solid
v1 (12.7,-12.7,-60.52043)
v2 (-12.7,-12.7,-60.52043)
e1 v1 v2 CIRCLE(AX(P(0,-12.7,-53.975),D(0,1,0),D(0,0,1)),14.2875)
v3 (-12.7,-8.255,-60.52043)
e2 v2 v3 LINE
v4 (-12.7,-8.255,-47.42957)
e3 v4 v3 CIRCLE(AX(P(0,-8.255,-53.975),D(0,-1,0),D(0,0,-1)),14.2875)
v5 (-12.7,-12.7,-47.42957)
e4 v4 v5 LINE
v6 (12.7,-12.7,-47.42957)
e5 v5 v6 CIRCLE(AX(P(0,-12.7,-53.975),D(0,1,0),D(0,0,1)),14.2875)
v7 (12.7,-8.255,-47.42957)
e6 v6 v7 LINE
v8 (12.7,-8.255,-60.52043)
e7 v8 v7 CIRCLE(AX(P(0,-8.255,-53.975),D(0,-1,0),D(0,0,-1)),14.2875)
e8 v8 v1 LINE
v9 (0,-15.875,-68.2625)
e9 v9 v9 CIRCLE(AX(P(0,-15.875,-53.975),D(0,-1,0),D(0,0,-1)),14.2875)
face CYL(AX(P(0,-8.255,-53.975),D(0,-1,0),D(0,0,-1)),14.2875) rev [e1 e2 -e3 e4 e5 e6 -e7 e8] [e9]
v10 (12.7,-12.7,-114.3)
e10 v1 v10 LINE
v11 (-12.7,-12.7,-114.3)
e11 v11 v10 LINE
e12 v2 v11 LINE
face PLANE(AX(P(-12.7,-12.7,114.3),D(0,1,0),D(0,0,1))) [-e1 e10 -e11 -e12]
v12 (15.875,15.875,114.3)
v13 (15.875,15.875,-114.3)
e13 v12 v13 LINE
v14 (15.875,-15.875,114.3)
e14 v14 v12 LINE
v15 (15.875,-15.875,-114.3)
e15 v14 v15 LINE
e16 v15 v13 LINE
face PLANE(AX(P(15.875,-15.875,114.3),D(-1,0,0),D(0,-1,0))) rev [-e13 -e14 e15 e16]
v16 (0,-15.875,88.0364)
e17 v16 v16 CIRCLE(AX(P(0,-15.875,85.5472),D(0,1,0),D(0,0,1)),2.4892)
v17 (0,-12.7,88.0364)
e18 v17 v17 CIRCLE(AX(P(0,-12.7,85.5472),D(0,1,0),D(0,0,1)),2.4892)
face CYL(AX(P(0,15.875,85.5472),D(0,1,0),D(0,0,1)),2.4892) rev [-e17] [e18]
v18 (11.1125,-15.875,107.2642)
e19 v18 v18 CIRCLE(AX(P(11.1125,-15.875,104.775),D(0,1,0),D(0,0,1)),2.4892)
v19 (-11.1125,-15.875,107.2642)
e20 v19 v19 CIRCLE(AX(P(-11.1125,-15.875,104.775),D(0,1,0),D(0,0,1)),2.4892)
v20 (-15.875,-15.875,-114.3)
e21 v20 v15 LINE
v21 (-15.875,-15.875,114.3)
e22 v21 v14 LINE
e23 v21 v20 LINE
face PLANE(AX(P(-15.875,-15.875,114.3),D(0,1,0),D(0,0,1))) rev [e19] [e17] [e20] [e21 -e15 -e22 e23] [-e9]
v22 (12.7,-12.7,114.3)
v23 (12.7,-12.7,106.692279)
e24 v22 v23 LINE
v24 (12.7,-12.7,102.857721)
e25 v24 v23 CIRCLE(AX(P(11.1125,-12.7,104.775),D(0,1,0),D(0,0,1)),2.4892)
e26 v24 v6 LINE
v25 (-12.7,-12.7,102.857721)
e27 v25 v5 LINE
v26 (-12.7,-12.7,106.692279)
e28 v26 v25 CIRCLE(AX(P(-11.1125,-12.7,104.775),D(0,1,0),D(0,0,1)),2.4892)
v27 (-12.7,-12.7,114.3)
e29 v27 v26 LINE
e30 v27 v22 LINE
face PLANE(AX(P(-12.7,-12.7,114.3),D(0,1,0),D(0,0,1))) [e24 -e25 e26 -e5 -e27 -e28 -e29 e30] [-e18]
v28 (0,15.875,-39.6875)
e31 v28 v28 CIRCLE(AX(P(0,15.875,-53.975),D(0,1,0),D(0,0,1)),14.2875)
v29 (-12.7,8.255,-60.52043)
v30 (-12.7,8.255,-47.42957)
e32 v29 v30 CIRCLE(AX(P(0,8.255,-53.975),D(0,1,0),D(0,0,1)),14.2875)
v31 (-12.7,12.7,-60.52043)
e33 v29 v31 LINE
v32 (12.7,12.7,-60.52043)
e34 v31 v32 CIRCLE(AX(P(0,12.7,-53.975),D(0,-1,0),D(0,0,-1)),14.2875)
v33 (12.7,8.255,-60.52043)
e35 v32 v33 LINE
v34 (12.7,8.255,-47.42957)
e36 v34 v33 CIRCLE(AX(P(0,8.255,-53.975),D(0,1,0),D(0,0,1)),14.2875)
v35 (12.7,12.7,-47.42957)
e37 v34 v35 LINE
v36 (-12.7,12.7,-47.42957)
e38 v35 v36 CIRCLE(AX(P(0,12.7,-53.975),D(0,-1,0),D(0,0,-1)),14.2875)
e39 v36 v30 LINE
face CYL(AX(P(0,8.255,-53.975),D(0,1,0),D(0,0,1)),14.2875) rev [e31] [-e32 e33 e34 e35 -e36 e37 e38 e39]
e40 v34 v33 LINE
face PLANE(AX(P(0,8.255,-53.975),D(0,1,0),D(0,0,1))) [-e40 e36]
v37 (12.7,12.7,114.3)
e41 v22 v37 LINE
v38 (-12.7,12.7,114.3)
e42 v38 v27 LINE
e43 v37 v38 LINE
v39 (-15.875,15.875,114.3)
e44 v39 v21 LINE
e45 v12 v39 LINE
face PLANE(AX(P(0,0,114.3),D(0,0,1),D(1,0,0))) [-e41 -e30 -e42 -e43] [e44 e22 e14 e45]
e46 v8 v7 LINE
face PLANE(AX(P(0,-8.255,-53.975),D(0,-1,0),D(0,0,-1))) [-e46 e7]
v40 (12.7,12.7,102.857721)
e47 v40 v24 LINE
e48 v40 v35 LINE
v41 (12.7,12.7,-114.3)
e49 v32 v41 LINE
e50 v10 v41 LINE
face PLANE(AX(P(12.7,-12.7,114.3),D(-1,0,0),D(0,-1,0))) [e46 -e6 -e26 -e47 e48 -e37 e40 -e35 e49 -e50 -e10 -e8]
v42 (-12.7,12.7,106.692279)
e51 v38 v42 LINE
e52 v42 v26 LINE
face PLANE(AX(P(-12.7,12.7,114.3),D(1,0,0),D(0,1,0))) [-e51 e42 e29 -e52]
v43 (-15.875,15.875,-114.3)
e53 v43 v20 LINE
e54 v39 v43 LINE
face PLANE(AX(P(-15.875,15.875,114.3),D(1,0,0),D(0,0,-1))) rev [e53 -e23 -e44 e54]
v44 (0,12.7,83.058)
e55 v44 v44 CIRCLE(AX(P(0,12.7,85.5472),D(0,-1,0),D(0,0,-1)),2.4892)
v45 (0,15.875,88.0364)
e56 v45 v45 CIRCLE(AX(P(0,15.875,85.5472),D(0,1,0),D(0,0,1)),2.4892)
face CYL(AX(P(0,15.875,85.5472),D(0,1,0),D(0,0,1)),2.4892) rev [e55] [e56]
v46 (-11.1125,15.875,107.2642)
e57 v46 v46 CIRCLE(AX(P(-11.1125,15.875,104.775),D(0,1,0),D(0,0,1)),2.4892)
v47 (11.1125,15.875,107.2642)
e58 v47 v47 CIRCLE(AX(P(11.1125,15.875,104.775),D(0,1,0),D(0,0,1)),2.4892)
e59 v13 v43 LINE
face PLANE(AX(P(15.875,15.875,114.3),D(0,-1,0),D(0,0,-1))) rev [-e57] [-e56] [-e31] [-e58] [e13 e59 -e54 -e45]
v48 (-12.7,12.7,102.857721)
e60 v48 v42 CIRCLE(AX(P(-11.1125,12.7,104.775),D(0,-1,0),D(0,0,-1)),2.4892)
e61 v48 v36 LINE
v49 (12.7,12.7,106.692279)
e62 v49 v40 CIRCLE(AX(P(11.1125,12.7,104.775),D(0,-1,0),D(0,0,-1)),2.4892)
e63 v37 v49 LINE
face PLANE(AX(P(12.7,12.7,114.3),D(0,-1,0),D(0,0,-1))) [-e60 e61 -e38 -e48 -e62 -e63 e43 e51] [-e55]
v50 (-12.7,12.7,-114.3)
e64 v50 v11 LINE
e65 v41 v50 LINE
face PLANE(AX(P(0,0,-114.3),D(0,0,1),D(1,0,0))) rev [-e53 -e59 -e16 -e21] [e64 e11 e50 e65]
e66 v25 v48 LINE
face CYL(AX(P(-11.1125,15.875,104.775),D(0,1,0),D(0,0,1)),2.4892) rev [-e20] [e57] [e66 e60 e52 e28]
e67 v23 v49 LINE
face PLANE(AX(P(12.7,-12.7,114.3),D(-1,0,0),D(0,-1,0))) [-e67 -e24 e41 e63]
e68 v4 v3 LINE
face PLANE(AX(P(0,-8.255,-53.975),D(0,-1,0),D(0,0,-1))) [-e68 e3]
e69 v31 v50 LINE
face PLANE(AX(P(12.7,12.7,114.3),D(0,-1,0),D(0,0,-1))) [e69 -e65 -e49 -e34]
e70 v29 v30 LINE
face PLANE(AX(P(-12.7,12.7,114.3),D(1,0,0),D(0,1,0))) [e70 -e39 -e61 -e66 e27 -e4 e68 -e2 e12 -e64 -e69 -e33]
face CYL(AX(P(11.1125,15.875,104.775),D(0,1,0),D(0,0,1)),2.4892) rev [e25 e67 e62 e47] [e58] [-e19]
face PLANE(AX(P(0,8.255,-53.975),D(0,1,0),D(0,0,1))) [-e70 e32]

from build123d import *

# Parameters (mm, degrees)
BOSS_EXTRUDE1_DEPTH      = 114.3
BOSS_EXTRUDE1_DEPTH_BACK = 114.3
SKETCH3_W                = 31.75
SKETCH3_H                = 31.75
SKETCH3_W_2              = 25.4
SKETCH3_H_2              = 25.4
F_10_CLEARANCE_HOLE1_D   = 4.9784
SKETCH7_R                = 14.2875
CUT_EXTRUDE1_DEPTH       = 7.62
CUT_EXTRUDE2_START       = -7.62
SKETCH8_R                = 14.2875
CUT_EXTRUDE2_DEPTH       = 7.62


with BuildPart() as part:
    # Sketch3 → Boss-Extrude1 (new, two sides: drawn at the far end of the back side and taken through both)
    with BuildSketch(Plane.XY.offset(-BOSS_EXTRUDE1_DEPTH_BACK)):
        Rectangle(SKETCH3_W, SKETCH3_H)
        Rectangle(SKETCH3_W_2, SKETCH3_H_2, mode=Mode.SUBTRACT)
    extrude(amount=BOSS_EXTRUDE1_DEPTH + BOSS_EXTRUDE1_DEPTH_BACK)

    # #10 Clearance Hole1 (through all)
    with Locations(Plane(origin=(0, 15.875, 0), x_dir=(1, 0, 0), z_dir=(0, 1, 0))):
        with Locations((-11.1125, -104.775), (11.1125, -104.775), (0, -85.5472)):
            Hole(F_10_CLEARANCE_HOLE1_D / 2)

    # Sketch7 → Cut-Extrude1 (cut)
    with BuildSketch(Plane(origin=(0, 15.875, 0), x_dir=(1, 0, 0), z_dir=(0, 1, 0))):
        with Locations(Location((0, 53.975, 0), (0, 0, 270))):
            Circle(SKETCH7_R)
    extrude(amount=-CUT_EXTRUDE1_DEPTH, mode=Mode.SUBTRACT)

    # Sketch8 → Cut-Extrude2 (cut)
    with BuildSketch(Plane.XZ.offset(15.875).offset(CUT_EXTRUDE2_START)):
        with Locations(Location((0, -53.975, 0), (0, 0, 90))):
            Circle(SKETCH8_R)
    extrude(amount=CUT_EXTRUDE2_DEPTH, mode=Mode.SUBTRACT)


solid = part.part
